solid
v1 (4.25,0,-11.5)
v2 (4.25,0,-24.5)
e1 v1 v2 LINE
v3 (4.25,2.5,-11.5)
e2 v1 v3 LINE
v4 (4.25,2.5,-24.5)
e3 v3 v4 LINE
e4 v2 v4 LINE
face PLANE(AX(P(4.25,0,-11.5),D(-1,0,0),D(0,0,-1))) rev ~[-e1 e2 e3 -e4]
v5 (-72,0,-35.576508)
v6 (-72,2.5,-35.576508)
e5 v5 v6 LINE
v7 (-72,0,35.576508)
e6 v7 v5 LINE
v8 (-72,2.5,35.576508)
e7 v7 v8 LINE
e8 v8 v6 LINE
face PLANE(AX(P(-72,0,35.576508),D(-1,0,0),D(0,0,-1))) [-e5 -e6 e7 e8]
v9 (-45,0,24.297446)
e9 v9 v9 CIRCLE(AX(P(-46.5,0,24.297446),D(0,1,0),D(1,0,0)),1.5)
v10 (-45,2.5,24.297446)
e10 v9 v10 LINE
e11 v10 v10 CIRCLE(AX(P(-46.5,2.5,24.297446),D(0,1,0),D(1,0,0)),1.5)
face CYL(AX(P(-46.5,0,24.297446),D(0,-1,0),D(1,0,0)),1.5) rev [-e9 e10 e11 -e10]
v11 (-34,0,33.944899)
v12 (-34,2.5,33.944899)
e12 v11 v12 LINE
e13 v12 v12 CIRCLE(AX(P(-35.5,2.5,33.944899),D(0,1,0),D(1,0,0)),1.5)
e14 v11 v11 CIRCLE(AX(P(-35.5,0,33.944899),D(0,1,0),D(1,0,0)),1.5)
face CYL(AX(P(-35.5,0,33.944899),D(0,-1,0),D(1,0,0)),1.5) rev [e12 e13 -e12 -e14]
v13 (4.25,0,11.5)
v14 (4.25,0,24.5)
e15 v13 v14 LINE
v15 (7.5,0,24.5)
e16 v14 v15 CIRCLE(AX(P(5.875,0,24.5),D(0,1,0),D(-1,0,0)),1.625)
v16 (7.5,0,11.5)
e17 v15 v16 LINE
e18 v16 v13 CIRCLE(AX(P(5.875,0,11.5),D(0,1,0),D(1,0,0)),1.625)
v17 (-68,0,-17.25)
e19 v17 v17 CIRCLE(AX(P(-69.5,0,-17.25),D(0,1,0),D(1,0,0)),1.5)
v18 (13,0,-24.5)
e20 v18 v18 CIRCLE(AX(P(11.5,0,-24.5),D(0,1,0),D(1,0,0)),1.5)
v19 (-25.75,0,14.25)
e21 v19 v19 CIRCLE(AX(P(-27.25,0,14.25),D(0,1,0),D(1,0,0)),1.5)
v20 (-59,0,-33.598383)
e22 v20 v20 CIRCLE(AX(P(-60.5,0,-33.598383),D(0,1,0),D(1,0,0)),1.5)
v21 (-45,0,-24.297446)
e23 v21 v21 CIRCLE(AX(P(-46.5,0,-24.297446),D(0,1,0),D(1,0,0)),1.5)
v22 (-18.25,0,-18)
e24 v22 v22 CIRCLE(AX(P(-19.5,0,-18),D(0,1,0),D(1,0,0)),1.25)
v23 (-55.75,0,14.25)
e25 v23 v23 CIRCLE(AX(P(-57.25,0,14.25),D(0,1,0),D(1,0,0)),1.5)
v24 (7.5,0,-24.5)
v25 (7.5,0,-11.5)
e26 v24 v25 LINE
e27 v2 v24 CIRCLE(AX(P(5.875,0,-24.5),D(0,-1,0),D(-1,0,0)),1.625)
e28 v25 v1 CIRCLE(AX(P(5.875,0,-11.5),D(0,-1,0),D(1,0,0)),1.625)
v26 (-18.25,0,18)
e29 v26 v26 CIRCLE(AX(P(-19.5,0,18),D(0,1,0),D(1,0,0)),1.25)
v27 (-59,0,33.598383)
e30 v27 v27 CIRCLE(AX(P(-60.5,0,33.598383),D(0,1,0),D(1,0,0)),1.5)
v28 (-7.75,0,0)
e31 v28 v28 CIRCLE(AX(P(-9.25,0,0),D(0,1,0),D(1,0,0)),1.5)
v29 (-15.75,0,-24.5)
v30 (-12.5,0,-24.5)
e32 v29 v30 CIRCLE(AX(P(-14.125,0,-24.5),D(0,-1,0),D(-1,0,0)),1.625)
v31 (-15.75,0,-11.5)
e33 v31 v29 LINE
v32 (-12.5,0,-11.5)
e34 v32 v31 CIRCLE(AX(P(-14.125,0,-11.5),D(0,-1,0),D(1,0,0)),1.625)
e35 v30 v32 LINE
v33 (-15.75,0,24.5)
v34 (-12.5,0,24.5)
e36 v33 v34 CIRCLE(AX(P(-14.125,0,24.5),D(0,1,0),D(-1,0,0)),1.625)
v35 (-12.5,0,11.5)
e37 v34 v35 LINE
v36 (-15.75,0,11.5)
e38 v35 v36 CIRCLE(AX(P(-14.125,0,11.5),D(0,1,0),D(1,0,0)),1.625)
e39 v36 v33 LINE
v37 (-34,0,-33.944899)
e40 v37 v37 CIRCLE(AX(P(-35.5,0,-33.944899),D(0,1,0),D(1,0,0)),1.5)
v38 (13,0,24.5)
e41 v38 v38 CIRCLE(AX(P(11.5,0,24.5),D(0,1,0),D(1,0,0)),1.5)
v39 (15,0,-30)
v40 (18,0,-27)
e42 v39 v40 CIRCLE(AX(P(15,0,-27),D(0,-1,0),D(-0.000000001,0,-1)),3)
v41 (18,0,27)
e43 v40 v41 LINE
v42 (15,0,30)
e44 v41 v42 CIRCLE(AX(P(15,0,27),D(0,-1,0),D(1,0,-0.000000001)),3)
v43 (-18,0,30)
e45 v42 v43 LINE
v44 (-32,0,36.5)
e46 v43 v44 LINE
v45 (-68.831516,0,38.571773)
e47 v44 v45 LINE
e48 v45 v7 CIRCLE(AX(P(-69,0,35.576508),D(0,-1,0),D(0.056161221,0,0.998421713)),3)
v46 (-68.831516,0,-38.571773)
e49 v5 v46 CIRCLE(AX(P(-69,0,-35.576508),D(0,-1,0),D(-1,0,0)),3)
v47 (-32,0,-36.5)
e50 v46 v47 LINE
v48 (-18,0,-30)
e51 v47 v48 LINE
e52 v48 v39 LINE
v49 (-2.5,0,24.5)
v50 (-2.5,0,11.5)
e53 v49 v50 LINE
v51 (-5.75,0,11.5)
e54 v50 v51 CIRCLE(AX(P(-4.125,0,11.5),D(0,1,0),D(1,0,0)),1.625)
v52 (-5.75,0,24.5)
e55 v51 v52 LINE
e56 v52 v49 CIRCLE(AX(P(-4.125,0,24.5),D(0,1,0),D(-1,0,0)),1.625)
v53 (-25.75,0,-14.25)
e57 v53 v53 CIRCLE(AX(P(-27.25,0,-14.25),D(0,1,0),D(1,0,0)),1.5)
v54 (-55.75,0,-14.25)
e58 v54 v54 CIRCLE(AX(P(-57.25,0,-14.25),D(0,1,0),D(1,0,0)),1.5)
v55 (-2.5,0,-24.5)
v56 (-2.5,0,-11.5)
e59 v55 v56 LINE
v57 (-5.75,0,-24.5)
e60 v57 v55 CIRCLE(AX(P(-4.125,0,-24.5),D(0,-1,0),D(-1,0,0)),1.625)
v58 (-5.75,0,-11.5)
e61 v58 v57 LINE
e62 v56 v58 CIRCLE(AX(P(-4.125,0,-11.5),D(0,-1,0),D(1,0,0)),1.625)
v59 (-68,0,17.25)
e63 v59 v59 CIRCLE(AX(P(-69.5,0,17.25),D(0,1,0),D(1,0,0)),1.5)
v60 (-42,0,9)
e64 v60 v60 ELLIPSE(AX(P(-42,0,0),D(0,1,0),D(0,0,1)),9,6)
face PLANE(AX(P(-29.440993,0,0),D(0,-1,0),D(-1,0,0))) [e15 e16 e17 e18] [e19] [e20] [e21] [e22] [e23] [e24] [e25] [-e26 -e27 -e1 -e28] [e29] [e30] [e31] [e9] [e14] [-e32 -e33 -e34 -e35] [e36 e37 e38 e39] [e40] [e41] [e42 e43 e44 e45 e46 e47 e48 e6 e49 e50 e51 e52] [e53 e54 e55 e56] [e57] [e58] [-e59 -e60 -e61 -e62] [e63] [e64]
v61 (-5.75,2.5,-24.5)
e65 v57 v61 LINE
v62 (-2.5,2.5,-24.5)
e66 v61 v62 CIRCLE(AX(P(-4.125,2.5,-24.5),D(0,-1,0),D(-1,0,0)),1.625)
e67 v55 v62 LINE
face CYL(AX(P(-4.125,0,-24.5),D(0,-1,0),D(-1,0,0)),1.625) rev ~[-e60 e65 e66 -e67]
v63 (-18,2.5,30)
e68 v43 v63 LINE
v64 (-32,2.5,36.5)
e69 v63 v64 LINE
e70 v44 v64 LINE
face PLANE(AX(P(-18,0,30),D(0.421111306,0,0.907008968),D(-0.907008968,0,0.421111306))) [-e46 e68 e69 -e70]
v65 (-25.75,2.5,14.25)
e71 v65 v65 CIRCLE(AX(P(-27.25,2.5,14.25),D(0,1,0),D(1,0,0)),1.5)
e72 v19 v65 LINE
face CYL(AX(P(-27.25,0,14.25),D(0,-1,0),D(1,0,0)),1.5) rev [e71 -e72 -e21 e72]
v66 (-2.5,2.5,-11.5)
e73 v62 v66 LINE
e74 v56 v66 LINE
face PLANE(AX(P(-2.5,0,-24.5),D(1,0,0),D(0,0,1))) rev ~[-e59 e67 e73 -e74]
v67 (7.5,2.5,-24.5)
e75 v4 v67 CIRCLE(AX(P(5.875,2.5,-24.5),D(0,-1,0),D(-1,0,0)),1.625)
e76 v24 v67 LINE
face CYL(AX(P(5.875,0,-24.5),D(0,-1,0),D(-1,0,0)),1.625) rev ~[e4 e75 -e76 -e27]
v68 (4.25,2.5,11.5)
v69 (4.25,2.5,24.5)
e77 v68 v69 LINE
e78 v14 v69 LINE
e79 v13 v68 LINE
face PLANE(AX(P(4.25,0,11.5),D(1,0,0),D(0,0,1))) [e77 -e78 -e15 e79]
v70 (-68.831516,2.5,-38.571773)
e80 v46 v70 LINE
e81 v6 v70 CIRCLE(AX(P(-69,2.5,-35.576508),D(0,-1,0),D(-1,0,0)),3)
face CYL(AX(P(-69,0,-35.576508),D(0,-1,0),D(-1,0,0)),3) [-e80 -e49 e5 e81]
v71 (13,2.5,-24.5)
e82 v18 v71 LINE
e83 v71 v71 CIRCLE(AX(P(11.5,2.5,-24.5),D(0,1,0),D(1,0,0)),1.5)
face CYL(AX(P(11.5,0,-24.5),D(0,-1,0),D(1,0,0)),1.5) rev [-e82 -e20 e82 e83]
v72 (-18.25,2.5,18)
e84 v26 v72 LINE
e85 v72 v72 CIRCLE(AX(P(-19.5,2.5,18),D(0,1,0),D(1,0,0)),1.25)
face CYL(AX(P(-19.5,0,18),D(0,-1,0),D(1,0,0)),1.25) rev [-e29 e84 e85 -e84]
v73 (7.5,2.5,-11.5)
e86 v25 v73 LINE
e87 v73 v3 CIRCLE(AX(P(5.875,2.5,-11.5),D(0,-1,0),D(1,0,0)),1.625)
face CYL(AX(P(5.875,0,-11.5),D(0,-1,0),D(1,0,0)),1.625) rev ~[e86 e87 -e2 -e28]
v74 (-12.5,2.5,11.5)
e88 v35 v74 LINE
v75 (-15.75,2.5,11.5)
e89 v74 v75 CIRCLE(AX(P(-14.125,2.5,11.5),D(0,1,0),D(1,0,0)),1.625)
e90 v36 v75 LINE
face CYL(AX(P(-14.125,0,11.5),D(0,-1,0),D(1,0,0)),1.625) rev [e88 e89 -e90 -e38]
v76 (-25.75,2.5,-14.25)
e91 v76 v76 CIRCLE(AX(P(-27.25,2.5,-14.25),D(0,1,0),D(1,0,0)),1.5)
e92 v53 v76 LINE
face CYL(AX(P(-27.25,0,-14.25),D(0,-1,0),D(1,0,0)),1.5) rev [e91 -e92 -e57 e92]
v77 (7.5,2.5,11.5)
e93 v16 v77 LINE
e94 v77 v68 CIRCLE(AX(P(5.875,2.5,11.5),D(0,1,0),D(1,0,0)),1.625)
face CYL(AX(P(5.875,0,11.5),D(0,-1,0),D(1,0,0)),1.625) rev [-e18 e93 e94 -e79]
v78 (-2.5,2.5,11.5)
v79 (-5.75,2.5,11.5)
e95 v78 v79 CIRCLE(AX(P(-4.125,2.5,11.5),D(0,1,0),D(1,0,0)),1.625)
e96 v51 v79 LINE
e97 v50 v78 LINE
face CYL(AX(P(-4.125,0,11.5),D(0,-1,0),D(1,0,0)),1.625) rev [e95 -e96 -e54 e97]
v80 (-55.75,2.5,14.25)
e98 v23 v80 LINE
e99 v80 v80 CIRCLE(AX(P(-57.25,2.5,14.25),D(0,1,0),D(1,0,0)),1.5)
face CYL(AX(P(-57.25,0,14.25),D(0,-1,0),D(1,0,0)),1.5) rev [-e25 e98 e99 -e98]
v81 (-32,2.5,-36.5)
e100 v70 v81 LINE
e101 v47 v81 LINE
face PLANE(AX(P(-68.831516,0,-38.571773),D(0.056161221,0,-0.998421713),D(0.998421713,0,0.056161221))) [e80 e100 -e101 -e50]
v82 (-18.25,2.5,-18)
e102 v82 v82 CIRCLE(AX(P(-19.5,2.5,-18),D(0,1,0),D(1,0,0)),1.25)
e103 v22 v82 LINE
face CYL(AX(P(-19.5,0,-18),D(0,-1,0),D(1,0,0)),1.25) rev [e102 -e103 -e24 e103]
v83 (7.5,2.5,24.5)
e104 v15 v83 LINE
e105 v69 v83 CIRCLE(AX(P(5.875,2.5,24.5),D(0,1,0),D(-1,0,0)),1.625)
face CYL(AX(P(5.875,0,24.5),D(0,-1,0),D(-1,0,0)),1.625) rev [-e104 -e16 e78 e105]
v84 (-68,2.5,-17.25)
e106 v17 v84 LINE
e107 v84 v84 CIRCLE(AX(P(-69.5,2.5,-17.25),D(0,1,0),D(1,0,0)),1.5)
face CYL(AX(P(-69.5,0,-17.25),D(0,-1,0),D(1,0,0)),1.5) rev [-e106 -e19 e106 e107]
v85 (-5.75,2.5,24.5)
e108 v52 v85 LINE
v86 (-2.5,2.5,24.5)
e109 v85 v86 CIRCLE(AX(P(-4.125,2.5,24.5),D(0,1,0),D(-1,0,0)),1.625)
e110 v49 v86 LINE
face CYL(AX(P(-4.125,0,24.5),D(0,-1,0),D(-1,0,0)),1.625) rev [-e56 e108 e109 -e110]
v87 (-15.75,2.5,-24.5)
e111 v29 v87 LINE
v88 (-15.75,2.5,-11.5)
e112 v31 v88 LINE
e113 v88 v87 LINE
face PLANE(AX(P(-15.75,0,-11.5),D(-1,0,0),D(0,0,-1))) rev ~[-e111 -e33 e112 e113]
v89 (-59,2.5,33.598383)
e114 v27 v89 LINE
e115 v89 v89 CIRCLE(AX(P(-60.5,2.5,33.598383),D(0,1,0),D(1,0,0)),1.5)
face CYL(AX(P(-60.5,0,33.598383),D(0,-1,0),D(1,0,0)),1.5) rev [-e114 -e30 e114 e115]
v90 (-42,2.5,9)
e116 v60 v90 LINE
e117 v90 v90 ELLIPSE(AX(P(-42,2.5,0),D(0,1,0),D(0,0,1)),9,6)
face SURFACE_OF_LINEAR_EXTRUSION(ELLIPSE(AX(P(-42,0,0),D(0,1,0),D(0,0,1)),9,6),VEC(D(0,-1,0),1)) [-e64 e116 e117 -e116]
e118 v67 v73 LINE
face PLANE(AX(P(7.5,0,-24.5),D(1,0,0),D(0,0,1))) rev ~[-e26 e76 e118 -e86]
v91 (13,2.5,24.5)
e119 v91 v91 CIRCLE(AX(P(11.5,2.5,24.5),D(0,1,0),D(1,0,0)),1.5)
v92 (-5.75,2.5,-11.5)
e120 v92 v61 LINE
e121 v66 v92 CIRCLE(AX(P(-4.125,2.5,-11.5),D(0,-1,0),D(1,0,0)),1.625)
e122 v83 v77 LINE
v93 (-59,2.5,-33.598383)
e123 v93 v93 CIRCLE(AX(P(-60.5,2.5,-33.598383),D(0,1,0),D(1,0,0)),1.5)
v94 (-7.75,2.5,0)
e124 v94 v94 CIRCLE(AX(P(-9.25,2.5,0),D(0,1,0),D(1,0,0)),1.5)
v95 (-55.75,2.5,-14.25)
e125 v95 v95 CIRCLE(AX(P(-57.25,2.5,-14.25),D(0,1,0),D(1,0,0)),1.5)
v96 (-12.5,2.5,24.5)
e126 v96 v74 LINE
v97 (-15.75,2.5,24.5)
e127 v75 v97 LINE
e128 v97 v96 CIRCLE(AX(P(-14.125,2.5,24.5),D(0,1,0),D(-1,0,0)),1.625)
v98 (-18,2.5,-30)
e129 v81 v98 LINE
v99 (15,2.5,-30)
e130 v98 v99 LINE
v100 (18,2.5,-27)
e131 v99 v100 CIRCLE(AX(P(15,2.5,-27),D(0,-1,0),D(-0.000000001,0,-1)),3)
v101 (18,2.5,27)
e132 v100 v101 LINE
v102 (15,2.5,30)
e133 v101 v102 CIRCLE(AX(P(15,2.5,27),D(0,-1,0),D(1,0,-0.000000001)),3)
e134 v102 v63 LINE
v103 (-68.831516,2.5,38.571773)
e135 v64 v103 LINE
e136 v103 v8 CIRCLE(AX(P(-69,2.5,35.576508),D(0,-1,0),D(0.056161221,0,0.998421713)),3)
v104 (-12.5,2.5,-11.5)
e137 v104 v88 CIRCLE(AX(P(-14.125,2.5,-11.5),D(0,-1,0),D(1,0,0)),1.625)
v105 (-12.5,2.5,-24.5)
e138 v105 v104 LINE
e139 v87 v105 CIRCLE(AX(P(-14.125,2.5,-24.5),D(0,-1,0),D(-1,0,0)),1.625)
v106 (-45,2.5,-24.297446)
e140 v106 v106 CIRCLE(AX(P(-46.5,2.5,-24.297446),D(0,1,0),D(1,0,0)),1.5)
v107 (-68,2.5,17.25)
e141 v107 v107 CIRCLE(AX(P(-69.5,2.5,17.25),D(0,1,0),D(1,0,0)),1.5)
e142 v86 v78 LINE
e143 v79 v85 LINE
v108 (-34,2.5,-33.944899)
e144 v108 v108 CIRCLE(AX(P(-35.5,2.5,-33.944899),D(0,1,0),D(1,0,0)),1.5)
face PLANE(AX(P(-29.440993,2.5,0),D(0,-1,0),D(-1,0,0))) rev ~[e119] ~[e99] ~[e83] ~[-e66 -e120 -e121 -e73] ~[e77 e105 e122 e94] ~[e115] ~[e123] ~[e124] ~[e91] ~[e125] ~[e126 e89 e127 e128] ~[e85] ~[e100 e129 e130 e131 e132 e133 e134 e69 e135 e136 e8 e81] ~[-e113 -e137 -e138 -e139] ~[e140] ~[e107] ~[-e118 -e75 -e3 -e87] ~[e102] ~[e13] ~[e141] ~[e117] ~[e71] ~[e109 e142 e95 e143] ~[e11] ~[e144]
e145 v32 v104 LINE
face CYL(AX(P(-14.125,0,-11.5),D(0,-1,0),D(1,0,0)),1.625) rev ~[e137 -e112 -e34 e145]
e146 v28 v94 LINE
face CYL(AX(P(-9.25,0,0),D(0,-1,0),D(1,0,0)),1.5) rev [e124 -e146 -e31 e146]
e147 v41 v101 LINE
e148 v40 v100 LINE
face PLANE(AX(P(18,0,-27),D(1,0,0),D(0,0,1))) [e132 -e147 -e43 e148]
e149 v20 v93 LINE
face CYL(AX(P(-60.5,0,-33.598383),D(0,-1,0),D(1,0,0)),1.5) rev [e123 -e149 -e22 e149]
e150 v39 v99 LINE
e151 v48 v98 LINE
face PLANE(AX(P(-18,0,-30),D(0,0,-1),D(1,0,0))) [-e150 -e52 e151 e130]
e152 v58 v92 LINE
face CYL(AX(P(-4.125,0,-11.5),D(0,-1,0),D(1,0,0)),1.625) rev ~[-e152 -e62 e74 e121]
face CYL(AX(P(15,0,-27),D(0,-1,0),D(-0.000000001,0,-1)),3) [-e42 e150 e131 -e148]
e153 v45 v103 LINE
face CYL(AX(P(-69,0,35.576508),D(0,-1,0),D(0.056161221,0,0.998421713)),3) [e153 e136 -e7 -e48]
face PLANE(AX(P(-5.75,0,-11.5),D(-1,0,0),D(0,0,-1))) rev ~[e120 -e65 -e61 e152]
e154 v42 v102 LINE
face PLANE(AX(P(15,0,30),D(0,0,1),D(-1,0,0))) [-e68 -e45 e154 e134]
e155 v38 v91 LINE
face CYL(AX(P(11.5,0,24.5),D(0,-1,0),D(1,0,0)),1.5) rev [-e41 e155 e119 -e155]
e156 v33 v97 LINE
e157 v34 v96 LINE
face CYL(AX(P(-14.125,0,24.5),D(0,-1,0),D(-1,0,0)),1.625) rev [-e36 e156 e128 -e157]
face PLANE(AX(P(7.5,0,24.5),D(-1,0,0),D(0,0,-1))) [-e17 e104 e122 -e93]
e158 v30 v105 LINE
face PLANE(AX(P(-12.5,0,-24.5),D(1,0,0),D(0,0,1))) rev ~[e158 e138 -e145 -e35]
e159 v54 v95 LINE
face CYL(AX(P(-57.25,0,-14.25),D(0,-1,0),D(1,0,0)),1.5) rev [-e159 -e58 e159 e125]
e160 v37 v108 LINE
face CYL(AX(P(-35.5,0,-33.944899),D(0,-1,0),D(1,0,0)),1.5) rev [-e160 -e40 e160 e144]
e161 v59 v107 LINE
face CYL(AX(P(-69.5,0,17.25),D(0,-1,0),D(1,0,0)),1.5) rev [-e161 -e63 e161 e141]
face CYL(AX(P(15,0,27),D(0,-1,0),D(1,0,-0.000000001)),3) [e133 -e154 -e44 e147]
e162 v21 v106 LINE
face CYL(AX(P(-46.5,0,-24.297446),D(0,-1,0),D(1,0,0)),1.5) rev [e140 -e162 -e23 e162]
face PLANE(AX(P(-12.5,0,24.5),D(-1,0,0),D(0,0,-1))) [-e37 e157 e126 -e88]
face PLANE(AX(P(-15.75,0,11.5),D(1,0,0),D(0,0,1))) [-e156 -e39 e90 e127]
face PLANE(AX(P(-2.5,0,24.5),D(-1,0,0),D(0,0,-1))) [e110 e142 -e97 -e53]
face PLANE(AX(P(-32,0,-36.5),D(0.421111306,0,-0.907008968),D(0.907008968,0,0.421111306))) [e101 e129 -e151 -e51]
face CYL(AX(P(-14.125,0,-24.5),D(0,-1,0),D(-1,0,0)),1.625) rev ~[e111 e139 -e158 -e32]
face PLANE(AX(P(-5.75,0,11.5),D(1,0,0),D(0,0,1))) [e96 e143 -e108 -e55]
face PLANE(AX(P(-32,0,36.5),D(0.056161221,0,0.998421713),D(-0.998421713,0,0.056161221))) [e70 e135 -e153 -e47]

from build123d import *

# Parameters (mm, degrees)
CROQUIS1_R              = 1.5
CROQUIS1_R_2            = 1.25
CROQUIS1_RX             = 9
CROQUIS1_RY             = 6
SALIENTE_EXTRUIR1_DEPTH = 2.5


with BuildPart() as part:
    # Croquis1 → Saliente-Extruir1 (new body)
    with BuildSketch(Plane(origin=(0, 0, 0), x_dir=(1, 0, 0), z_dir=(0, 1, 0))):
        with BuildLine():
            Line((15, -30), (-18, -30))
            Line((-18, -30), (-32, -36.5))
            Line((-32, -36.5), (-68.831516336, -38.571772794))
            ThreePointArc((-68.831516336, -38.571772794), (-71.060891677, -37.756582308), (-72, -35.576507655))
            Line((-72, -35.576507655), (-72, 35.576507655))
            ThreePointArc((-72, 35.576507655), (-71.060891677, 37.756582308), (-68.831516336, 38.571772794))
            Line((-68.831516336, 38.571772794), (-32, 36.5))
            Line((-32, 36.5), (-18, 30))
            Line((-18, 30), (15, 30))
            ThreePointArc((15, 30), (17.121320344, 29.121320344), (18, 27))
            Line((18, 27), (18, -27))
            ThreePointArc((18, -27), (17.121320344, -29.121320344), (15, -30))
        make_face()
        with Locations((11.5, 24.5)):
            Circle(CROQUIS1_R, mode=Mode.SUBTRACT)
        with Locations((11.5, -24.5)):
            Circle(CROQUIS1_R, mode=Mode.SUBTRACT)
        with Locations((-9.25, 0)):
            Circle(CROQUIS1_R, mode=Mode.SUBTRACT)
        with Locations((-19.5, 18)):
            Circle(CROQUIS1_R_2, mode=Mode.SUBTRACT)
        with Locations((-19.5, -18)):
            Circle(CROQUIS1_R_2, mode=Mode.SUBTRACT)
        with Locations((-27.25, -14.25)):
            Circle(CROQUIS1_R, mode=Mode.SUBTRACT)
        with Locations((-27.25, 14.25)):
            Circle(CROQUIS1_R, mode=Mode.SUBTRACT)
        with Locations((-35.5, -33.944899023)):
            Circle(CROQUIS1_R, mode=Mode.SUBTRACT)
        with Locations((-46.5, -24.297446009)):
            Circle(CROQUIS1_R, mode=Mode.SUBTRACT)
        with Locations((-60.5, -33.598382655)):
            Circle(CROQUIS1_R, mode=Mode.SUBTRACT)
        with Locations((-35.5, 33.944899023)):
            Circle(CROQUIS1_R, mode=Mode.SUBTRACT)
        with Locations((-60.5, 33.598382655)):
            Circle(CROQUIS1_R, mode=Mode.SUBTRACT)
        with Locations((-46.5, 24.297446009)):
            Circle(CROQUIS1_R, mode=Mode.SUBTRACT)
        with Locations((-57.25, 14.25)):
            Circle(CROQUIS1_R, mode=Mode.SUBTRACT)
        with Locations((-69.5, 17.25)):
            Circle(CROQUIS1_R, mode=Mode.SUBTRACT)
        with Locations((-57.25, -14.25)):
            Circle(CROQUIS1_R, mode=Mode.SUBTRACT)
        with Locations((-69.5, -17.25)):
            Circle(CROQUIS1_R, mode=Mode.SUBTRACT)
        with Locations(Location((-42, 0), (0, 0, -90))):
            Ellipse(CROQUIS1_RX, CROQUIS1_RY, mode=Mode.SUBTRACT)
        with BuildLine():
            Line((7.5, 24.5), (7.5, 11.5))
            ThreePointArc((7.5, 11.5), (5.875, 9.875), (4.25, 11.5))
            Line((4.25, 11.5), (4.25, 24.5))
            ThreePointArc((4.25, 24.5), (5.875, 26.125), (7.5, 24.5))
        make_face(mode=Mode.SUBTRACT)
        with BuildLine():
            Line((7.5, -24.5), (7.5, -11.5))
            ThreePointArc((7.5, -11.5), (5.875, -9.875), (4.25, -11.5))
            Line((4.25, -11.5), (4.25, -24.5))
            ThreePointArc((4.25, -24.5), (5.875, -26.125), (7.5, -24.5))
        make_face(mode=Mode.SUBTRACT)
        with BuildLine():
            Line((-2.5, 24.5), (-2.5, 11.5))
            ThreePointArc((-2.5, 11.5), (-4.125, 9.875), (-5.75, 11.5))
            Line((-5.75, 11.5), (-5.75, 24.5))
            ThreePointArc((-5.75, 24.5), (-4.125, 26.125), (-2.5, 24.5))
        make_face(mode=Mode.SUBTRACT)
        with BuildLine():
            Line((-12.5, 24.5), (-12.5, 11.5))
            ThreePointArc((-12.5, 11.5), (-14.125, 9.875), (-15.75, 11.5))
            Line((-15.75, 11.5), (-15.75, 24.5))
            ThreePointArc((-15.75, 24.5), (-14.125, 26.125), (-12.5, 24.5))
        make_face(mode=Mode.SUBTRACT)
        with BuildLine():
            Line((-2.5, -24.5), (-2.5, -11.5))
            ThreePointArc((-2.5, -11.5), (-4.125, -9.875), (-5.75, -11.5))
            Line((-5.75, -11.5), (-5.75, -24.5))
            ThreePointArc((-5.75, -24.5), (-4.125, -26.125), (-2.5, -24.5))
        make_face(mode=Mode.SUBTRACT)
        with BuildLine():
            Line((-12.5, -24.5), (-12.5, -11.5))
            ThreePointArc((-12.5, -11.5), (-14.125, -9.875), (-15.75, -11.5))
            Line((-15.75, -11.5), (-15.75, -24.5))
            ThreePointArc((-15.75, -24.5), (-14.125, -26.125), (-12.5, -24.5))
        make_face(mode=Mode.SUBTRACT)
    extrude(amount=SALIENTE_EXTRUIR1_DEPTH)


solid = part.part
